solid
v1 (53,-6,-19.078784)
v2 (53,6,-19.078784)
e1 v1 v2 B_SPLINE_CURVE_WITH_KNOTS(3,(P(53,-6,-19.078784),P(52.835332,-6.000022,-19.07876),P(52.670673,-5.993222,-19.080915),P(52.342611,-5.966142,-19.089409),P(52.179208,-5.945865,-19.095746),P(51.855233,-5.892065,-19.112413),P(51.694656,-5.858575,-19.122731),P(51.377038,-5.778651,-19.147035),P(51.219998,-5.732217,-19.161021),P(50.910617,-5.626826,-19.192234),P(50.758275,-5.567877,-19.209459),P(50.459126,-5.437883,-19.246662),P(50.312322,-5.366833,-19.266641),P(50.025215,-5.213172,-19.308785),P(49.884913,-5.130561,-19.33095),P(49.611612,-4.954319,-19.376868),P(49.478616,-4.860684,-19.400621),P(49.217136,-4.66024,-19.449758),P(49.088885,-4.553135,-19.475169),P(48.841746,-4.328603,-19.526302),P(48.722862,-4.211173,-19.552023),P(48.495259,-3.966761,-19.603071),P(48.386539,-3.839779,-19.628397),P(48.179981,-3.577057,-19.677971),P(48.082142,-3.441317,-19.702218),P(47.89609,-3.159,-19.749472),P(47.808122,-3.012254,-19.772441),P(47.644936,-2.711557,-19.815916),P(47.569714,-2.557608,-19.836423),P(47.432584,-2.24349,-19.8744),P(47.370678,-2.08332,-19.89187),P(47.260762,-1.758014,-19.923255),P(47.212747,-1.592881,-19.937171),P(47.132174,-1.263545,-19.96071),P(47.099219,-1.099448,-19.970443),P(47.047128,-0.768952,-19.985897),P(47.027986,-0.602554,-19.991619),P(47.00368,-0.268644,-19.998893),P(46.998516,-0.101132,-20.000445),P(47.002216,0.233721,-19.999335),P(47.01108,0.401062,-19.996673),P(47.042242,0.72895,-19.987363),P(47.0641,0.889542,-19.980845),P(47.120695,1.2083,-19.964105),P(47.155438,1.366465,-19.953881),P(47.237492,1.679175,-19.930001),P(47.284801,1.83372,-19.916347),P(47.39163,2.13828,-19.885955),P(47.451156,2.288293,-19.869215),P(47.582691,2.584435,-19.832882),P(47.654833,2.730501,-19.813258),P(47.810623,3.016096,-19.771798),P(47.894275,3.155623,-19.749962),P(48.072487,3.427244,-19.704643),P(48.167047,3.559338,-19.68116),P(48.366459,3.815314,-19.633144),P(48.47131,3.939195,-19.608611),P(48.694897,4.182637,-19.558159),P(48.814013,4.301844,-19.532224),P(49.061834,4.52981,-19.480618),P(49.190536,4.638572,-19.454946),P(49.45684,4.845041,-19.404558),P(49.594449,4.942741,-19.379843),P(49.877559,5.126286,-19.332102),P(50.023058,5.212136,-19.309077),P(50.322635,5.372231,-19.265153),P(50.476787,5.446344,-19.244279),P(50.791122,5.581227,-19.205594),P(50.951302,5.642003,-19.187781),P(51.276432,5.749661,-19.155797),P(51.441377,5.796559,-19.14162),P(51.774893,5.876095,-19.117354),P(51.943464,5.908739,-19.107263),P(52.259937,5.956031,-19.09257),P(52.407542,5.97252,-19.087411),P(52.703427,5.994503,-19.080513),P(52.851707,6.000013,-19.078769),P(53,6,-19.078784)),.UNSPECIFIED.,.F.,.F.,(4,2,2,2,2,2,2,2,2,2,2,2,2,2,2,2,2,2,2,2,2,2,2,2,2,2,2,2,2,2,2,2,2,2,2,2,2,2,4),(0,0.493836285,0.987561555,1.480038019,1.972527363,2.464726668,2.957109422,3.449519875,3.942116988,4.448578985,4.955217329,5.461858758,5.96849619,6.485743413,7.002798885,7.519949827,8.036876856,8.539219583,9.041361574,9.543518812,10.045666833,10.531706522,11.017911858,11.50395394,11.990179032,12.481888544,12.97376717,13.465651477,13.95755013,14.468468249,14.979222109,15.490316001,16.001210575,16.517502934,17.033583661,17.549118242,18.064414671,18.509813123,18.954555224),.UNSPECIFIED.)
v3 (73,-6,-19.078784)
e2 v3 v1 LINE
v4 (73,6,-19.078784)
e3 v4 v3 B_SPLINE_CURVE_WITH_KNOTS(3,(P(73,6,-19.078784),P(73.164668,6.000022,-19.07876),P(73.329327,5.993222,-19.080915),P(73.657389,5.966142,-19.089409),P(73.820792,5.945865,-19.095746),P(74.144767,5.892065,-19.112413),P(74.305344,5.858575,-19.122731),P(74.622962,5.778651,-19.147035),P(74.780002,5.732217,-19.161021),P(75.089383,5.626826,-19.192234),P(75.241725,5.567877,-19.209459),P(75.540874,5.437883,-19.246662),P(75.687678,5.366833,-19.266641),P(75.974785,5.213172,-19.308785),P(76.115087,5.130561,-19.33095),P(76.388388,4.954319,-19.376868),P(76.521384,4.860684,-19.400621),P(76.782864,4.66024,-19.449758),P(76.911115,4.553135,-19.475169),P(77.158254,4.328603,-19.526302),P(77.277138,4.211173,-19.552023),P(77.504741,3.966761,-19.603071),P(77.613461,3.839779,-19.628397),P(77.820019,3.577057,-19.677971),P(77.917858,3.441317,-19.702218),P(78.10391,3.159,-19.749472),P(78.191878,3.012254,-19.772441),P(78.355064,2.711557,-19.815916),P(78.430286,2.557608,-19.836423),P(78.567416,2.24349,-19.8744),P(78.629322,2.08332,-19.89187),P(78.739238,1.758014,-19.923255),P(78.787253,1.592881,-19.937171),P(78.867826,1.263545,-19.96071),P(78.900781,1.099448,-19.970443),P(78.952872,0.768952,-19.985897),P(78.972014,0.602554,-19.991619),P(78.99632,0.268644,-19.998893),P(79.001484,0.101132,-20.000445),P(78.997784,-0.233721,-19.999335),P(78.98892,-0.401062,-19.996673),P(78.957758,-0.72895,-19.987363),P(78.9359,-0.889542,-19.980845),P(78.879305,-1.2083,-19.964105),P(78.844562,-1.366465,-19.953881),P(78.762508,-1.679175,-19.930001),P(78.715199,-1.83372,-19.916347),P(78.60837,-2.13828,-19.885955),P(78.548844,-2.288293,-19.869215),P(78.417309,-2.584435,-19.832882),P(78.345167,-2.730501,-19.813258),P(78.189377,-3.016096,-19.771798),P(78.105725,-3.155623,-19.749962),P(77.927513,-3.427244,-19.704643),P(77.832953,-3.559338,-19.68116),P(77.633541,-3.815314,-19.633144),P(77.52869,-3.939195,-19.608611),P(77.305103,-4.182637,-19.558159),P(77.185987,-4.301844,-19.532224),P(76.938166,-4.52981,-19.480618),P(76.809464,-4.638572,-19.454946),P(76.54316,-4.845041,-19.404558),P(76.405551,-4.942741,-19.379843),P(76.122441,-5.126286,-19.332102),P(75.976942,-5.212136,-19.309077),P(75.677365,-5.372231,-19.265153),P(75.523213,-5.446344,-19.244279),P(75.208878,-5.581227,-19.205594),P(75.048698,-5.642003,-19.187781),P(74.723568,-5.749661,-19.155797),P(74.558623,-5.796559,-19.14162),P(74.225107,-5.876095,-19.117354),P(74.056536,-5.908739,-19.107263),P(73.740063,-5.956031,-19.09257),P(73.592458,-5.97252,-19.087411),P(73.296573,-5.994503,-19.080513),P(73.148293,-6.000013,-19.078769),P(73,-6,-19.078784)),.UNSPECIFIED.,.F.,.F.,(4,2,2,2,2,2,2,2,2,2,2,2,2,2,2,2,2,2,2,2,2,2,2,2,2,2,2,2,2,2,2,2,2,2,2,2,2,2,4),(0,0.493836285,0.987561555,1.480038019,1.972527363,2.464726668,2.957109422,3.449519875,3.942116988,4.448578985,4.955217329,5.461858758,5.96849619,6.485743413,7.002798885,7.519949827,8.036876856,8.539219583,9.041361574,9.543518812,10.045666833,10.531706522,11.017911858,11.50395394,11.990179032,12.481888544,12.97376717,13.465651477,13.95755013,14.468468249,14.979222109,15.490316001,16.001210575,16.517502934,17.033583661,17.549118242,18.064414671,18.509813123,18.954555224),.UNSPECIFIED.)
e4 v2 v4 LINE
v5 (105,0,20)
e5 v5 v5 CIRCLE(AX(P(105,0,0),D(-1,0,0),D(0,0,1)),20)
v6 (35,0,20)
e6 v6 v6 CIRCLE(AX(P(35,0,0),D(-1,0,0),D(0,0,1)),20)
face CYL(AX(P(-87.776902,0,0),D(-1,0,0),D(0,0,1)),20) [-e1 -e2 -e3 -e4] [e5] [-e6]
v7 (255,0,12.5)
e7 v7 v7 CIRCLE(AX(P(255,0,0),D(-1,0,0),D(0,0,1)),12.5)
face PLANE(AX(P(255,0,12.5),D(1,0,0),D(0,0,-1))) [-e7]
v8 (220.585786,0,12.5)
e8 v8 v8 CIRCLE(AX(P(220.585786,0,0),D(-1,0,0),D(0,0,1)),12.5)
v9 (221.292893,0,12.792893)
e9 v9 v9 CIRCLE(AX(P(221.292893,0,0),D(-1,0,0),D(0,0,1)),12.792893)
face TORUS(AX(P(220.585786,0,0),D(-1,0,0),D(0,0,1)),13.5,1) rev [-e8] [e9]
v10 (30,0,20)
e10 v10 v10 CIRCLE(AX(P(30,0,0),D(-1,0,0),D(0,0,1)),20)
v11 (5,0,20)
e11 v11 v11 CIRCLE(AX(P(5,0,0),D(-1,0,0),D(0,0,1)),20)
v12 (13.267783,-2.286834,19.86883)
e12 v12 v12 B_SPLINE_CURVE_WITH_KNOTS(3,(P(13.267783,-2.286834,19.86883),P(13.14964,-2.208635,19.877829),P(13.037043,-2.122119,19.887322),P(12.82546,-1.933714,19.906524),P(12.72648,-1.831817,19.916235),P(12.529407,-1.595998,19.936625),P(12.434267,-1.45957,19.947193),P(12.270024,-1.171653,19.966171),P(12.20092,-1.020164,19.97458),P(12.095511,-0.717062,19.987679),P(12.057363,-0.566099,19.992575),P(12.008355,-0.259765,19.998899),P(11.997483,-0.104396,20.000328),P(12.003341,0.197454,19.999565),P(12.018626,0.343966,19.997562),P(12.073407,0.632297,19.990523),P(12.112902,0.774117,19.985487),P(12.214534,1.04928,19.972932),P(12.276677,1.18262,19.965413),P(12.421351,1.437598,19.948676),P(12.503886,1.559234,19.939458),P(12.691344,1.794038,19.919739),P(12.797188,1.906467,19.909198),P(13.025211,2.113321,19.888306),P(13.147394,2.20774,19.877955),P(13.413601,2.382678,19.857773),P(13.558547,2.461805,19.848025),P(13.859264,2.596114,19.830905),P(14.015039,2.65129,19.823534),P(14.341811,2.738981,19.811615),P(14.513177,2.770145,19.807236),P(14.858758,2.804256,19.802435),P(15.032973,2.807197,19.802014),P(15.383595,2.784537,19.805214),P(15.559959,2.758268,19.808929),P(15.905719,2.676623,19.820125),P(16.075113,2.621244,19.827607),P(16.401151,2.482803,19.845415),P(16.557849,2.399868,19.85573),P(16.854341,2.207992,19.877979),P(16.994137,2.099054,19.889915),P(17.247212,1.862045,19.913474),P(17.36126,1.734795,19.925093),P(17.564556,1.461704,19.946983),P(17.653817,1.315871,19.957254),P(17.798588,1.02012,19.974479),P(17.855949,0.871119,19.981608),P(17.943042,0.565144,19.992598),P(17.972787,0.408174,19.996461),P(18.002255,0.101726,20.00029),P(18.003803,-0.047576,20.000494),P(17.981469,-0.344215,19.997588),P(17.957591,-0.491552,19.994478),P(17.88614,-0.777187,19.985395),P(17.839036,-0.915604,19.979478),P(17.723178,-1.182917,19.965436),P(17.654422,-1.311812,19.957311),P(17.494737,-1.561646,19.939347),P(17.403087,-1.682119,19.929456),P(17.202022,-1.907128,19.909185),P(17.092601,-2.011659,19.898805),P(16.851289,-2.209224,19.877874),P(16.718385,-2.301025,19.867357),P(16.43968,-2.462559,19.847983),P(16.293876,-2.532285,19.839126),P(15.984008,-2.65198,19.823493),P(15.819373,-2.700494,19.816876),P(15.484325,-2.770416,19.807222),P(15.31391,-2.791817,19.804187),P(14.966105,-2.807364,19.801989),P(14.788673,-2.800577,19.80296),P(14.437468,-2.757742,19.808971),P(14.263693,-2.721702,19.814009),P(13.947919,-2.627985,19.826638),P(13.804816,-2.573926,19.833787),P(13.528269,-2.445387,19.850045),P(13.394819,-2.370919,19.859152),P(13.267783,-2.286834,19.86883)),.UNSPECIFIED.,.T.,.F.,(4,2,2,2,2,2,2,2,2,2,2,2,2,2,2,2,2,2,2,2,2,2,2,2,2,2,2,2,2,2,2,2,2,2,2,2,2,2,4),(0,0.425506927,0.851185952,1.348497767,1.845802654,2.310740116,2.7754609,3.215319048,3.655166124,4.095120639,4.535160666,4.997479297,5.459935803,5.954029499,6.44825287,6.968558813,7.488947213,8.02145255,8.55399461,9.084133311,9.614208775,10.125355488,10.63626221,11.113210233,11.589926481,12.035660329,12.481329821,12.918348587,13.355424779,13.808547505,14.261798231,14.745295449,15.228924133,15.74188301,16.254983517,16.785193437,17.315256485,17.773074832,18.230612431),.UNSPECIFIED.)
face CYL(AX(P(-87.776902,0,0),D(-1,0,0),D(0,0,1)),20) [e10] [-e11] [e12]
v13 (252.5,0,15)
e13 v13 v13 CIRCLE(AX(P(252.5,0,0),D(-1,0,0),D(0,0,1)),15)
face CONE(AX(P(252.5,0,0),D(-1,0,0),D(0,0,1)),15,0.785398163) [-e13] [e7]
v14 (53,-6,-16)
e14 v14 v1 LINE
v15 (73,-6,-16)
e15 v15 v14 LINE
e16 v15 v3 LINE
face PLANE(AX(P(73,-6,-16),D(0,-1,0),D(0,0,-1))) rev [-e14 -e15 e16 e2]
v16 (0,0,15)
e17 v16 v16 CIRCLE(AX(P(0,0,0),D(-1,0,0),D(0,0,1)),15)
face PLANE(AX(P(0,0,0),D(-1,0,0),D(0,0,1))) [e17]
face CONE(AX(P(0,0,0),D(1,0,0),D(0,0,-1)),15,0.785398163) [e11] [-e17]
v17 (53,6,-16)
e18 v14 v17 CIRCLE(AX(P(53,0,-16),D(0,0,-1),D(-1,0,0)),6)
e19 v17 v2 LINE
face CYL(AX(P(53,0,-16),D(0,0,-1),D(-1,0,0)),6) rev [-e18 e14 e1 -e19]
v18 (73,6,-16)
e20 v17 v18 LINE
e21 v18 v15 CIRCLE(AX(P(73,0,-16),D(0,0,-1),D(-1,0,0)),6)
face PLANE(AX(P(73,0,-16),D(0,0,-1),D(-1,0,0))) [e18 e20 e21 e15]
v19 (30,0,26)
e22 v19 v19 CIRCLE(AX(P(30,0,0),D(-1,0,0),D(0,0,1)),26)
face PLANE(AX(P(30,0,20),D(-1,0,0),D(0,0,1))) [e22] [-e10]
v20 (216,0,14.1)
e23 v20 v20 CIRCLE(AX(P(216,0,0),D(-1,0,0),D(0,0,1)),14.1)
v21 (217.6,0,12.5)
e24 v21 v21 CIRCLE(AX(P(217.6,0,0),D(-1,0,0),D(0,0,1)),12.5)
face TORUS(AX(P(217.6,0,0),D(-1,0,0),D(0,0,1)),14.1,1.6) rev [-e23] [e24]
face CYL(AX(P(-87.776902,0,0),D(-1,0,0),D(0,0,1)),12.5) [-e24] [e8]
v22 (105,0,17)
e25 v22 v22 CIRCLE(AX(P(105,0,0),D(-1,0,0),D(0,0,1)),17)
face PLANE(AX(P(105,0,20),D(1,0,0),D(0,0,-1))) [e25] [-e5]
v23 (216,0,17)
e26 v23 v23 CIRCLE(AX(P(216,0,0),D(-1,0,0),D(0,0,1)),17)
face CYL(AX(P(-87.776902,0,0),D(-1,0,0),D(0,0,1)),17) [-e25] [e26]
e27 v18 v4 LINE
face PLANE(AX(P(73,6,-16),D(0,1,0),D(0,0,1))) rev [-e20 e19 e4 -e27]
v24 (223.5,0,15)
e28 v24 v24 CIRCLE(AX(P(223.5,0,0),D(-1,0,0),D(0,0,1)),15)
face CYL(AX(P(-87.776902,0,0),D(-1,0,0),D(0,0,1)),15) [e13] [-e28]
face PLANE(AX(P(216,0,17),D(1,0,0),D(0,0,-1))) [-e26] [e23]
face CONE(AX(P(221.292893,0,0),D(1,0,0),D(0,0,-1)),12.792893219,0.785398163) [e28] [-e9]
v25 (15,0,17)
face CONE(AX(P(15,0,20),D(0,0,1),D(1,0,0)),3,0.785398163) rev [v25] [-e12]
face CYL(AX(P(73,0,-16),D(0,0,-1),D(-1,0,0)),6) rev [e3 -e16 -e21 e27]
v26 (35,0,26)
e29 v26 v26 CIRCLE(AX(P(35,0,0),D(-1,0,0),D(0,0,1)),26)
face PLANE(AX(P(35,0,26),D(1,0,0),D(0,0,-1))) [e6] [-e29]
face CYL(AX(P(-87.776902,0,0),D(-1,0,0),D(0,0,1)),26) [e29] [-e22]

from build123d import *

# Parameters (mm, degrees)
CUT_EXTRUDE1_DEPTH = 4


with BuildPart() as part:
    # Sketch1 → Revolve1 (revolve)
    with BuildSketch(Plane(origin=(0, 0, 0), x_dir=(1, 0, 0), z_dir=(0, 1, 0))):
        with BuildLine():
            Line((0, 0), (0, -15))
            Line((0, -15), (5, -20))
            Line((5, -20), (30, -20))
            Line((30, -20), (30, -26))
            Line((30, -26), (35, -26))
            Line((35, -26), (35, -20))
            Line((35, -20), (105, -20))
            Line((105, -20), (105, -17))
            Line((105, -17), (216, -17))
            Line((216, -17), (216, -15))
            Line((216, -15), (216, -14.1))
            ThreePointArc((216, -14.1), (216.46862915, -12.96862915), (217.6, -12.5))
            Line((217.6, -12.5), (220.585786438, -12.5))
            ThreePointArc((220.585786438, -12.5), (220.96846987, -12.576120467), (221.292893219, -12.792893219))
            Line((221.292893219, -12.792893219), (223.5, -15))
            Line((223.5, -15), (252.5, -15))
            Line((252.5, -15), (255, -12.5))
            Line((255, -12.5), (255, 0))
            Line((255, 0), (0, 0))
        make_face()
    revolve(axis=Axis((-87.77690163, 0, 0), (1, 0, 0)))

    # Sketch5 → Cut-Revolve1 (revolve, cut)
    with BuildSketch(Plane.ZY.offset(-15)):
        Polygon((20, 0), (20, 3), (17, 0), align=None)
    revolve(axis=Axis((15, 0, 17), (0, 0, 1)), mode=Mode.SUBTRACT)

    # Sketch6 → Cut-Extrude1 (cut)
    with BuildSketch(Plane(origin=(0, 0, -20), x_dir=(-1, 0, 0), z_dir=(0, 0, -1))):
        with BuildLine():
            Line((-73, 6), (-53, 6))
            ThreePointArc((-53, 6), (-47, 0), (-53, -6))
            Line((-53, -6), (-73, -6))
            ThreePointArc((-73, -6), (-79, 0), (-73, 6))
        make_face()
    extrude(amount=-CUT_EXTRUDE1_DEPTH, mode=Mode.SUBTRACT)


solid = part.part
